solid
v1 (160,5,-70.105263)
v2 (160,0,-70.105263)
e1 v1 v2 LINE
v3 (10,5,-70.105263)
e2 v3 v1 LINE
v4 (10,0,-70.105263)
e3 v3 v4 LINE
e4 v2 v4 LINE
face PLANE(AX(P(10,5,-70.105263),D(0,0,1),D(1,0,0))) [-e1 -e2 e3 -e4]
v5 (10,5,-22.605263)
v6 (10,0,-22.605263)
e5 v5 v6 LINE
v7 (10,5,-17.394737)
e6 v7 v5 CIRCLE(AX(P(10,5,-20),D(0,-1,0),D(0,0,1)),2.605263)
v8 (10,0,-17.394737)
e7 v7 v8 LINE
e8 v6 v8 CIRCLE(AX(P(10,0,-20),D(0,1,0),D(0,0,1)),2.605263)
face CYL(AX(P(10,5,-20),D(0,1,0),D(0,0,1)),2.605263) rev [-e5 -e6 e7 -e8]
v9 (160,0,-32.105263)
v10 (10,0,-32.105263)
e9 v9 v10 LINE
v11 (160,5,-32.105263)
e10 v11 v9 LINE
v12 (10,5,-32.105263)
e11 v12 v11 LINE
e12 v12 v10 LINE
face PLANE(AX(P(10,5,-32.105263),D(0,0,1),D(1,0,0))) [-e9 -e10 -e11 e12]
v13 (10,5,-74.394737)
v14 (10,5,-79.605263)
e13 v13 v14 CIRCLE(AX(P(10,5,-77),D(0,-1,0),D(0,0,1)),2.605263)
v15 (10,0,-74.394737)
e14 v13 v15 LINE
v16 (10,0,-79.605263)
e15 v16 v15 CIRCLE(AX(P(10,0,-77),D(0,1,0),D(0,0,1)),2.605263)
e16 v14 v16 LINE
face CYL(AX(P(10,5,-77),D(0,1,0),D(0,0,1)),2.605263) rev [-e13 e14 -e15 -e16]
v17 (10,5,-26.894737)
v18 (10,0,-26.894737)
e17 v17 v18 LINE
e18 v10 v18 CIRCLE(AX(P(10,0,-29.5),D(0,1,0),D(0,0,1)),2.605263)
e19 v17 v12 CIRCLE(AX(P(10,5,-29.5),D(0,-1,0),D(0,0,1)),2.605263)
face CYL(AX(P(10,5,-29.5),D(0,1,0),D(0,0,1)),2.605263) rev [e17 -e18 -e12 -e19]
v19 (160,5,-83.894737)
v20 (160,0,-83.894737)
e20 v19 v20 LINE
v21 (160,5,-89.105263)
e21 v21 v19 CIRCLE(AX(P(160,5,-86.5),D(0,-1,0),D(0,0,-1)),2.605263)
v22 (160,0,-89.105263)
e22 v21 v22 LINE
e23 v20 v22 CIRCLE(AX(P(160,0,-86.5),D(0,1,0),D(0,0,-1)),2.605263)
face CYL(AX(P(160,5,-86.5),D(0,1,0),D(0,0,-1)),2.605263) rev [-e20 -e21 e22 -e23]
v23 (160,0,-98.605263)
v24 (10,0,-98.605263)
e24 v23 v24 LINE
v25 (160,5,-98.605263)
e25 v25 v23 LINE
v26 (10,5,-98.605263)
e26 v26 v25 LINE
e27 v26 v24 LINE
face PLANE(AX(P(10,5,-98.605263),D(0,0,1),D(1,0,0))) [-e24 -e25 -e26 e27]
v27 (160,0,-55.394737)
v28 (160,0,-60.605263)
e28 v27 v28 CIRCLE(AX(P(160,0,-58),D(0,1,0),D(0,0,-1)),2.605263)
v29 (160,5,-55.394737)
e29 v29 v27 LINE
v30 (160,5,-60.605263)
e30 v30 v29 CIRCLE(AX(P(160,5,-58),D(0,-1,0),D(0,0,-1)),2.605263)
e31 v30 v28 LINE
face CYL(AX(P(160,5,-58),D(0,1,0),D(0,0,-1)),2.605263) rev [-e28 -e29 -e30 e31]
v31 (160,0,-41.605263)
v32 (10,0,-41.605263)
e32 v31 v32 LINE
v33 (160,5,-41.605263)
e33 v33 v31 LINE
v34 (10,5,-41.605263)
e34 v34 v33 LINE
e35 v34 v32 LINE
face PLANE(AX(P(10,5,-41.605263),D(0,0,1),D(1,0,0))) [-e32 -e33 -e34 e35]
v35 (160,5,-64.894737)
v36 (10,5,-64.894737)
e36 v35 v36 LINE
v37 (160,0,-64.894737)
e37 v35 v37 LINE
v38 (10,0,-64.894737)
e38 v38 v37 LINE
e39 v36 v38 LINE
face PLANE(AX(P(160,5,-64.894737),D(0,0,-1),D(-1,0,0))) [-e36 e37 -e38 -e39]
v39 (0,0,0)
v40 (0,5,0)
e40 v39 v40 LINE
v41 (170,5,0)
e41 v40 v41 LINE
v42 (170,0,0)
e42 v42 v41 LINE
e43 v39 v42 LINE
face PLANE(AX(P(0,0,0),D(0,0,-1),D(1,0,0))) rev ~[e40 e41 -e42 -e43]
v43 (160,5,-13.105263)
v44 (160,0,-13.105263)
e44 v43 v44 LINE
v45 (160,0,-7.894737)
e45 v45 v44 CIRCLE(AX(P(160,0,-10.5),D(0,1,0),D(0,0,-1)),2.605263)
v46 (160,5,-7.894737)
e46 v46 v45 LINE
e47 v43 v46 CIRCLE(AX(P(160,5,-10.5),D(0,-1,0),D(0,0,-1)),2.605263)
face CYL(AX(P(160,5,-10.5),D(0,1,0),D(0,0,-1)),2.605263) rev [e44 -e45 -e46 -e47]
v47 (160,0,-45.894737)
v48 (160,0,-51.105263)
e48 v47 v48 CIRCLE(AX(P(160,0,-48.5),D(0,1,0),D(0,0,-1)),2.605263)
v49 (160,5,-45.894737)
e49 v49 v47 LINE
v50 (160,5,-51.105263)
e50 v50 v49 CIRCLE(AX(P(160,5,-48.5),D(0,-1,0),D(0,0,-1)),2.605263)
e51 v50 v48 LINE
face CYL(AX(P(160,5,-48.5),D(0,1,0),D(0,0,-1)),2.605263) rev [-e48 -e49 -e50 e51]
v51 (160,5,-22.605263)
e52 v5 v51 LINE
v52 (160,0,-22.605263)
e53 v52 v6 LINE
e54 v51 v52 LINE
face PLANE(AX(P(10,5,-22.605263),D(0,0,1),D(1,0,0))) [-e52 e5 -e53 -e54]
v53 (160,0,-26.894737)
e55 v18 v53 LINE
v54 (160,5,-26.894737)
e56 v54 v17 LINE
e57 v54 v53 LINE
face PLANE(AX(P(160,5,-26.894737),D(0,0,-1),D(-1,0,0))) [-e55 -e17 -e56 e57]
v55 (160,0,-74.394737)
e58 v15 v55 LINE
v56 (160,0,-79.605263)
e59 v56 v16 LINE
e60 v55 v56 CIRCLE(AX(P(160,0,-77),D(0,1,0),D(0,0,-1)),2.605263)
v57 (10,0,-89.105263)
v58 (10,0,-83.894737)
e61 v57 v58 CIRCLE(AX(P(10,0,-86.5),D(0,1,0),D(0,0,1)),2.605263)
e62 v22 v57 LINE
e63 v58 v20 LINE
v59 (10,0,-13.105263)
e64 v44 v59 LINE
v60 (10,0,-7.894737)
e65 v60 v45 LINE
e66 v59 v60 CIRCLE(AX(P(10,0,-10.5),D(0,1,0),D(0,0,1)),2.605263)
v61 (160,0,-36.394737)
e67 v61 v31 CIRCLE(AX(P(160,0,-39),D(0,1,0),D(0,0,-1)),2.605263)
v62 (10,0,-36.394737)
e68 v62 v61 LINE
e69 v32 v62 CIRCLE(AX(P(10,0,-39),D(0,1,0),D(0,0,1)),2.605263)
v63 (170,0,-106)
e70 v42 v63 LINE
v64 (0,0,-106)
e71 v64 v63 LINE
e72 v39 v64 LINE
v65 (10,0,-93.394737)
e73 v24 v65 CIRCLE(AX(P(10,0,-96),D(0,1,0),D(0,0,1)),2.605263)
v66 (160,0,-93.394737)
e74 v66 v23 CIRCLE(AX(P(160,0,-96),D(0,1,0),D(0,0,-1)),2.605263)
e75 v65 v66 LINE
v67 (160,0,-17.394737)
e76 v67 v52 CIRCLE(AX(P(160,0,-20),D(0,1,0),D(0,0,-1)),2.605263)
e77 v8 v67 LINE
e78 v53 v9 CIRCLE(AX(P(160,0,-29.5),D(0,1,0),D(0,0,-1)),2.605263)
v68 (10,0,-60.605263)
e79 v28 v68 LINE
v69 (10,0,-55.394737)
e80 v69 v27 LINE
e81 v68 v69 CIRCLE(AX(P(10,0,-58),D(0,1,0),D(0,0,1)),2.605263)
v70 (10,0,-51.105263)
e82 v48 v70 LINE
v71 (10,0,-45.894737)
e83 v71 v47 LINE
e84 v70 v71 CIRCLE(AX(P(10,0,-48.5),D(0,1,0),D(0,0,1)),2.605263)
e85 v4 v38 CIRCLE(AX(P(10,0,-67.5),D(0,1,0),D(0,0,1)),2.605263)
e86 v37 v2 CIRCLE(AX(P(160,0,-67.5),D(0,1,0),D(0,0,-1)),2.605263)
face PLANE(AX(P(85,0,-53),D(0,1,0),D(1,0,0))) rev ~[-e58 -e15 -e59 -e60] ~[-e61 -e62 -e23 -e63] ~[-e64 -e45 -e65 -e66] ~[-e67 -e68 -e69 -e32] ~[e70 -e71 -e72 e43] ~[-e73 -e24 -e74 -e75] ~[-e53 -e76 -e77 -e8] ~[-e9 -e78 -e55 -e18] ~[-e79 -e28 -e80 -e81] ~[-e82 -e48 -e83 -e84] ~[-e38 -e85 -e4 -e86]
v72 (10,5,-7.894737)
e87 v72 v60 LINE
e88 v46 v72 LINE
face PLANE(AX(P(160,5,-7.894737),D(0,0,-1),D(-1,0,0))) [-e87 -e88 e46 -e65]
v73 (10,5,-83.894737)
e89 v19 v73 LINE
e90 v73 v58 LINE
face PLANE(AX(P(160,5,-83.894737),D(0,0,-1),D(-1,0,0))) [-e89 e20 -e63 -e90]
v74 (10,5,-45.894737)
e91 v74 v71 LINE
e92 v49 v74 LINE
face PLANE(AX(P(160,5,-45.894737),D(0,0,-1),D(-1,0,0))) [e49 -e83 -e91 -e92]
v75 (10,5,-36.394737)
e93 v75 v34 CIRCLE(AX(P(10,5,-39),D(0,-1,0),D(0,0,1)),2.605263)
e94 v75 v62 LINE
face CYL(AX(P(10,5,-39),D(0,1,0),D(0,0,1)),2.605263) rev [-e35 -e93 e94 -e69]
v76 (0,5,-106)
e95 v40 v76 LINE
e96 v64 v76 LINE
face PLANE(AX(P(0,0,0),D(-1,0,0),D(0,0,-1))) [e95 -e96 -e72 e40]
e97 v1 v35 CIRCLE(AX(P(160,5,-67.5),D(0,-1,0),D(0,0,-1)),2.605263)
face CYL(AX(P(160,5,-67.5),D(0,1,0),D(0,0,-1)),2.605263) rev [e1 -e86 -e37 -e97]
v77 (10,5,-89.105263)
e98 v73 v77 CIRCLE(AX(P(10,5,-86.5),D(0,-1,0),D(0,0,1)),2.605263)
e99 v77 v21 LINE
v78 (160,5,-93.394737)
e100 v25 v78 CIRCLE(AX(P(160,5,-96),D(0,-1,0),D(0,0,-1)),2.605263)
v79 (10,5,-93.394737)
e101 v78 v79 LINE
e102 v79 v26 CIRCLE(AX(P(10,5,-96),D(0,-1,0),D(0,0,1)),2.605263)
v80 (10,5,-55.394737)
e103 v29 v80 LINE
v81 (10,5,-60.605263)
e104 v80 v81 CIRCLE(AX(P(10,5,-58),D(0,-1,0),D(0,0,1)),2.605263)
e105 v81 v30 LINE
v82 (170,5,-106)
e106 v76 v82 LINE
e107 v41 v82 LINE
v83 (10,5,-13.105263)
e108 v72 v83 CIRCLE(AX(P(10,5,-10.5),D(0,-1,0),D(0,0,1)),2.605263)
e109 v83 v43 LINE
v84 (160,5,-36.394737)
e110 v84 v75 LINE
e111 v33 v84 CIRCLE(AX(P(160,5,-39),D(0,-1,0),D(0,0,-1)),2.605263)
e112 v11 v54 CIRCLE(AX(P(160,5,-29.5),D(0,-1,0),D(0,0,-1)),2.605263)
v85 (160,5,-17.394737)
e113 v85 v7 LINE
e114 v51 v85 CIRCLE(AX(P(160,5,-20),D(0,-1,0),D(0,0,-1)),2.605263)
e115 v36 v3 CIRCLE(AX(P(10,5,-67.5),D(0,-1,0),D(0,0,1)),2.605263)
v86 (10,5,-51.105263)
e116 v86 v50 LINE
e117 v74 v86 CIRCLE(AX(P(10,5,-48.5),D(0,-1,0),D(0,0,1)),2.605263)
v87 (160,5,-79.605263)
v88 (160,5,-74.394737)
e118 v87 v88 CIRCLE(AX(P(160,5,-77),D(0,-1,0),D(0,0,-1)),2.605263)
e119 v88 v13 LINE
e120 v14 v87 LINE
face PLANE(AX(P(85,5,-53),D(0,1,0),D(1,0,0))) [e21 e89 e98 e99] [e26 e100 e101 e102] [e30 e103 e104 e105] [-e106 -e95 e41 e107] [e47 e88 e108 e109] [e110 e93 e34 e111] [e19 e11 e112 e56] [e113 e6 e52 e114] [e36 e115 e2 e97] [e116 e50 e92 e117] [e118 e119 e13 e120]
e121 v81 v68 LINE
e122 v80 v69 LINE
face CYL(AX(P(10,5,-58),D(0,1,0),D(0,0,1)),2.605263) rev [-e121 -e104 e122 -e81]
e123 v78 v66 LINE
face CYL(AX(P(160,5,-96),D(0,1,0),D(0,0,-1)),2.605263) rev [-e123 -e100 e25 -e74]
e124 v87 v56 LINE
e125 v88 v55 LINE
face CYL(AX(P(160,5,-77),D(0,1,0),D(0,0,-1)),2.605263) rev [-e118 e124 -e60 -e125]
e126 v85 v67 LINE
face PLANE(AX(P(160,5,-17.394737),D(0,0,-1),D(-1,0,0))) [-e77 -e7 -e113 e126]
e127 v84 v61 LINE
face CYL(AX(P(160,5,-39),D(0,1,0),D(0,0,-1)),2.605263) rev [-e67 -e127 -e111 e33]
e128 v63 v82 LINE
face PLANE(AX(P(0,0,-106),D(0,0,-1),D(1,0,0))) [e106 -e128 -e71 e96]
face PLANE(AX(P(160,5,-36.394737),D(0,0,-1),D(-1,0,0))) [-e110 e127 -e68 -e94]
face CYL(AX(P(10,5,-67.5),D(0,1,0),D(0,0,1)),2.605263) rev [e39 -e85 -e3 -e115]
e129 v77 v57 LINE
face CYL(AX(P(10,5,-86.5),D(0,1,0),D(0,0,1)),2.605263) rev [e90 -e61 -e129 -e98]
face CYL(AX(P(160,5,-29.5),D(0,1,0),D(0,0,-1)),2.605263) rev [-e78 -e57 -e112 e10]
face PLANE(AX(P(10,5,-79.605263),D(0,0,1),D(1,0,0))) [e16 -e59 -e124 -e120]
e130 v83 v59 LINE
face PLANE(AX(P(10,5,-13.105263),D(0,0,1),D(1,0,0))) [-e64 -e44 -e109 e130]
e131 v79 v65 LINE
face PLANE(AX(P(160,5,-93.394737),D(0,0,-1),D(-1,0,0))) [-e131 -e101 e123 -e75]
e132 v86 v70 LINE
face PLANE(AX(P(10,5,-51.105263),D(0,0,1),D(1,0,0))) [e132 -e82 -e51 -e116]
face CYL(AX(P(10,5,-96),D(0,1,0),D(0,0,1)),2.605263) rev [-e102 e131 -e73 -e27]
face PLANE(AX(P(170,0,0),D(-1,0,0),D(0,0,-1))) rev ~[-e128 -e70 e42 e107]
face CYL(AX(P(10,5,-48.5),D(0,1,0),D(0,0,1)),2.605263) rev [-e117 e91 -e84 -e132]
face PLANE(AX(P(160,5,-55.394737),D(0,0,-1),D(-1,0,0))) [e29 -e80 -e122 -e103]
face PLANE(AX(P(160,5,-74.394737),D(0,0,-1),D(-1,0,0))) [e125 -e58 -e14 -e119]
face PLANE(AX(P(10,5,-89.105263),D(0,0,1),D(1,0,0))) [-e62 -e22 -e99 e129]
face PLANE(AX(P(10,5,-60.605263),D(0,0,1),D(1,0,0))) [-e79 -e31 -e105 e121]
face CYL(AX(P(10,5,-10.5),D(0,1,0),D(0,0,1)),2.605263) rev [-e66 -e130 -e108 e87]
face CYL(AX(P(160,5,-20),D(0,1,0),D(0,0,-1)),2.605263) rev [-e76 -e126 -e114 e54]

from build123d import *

# Parameters (mm, degrees)
SKETCH1_W           = 170
SKETCH1_H           = 106
BOSS_EXTRUDE1_DEPTH = 5
CUT_EXTRUDE2_REACH  = 202.402


with BuildPart() as part:
    # Sketch1 → Boss-Extrude1 (new body)
    with BuildSketch(Plane(origin=(0, 0, 0), x_dir=(1, 0, 0), z_dir=(0, 1, 0))):
        with Locations((85, 53)):
            Rectangle(SKETCH1_W, SKETCH1_H)
    extrude(amount=BOSS_EXTRUDE1_DEPTH)

    # Sketch2 → Cut-Extrude2 (cut, up to next)
    with BuildSketch(Plane(origin=(0, 5, 0), x_dir=(1, 0, 0), z_dir=(0, 1, 0)), mode=Mode.PRIVATE) as cut_extrude2_sk1:
        with BuildLine():
            Line((10, 98.605263158), (160, 98.605263158))
            ThreePointArc((160, 98.605263158), (162.605263158, 96), (160, 93.394736842))
            Line((160, 93.394736842), (10, 93.394736842))
            ThreePointArc((10, 93.394736842), (7.394736842, 96), (10, 98.605263158))
        make_face()
    cut_extrude2_tool1 = extrude(cut_extrude2_sk1.sketch, amount=-CUT_EXTRUDE2_REACH, mode=Mode.PRIVATE) & part.part
    # Sketch2 → Cut-Extrude2 (cut, up to next)
    with BuildSketch(Plane(origin=(0, 5, 0), x_dir=(1, 0, 0), z_dir=(0, 1, 0)), mode=Mode.PRIVATE) as cut_extrude2_sk2:
        with BuildLine():
            Line((10, 89.105263158), (160, 89.105263158))
            ThreePointArc((160, 89.105263158), (162.605263158, 86.5), (160, 83.894736842))
            Line((160, 83.894736842), (10, 83.894736842))
            ThreePointArc((10, 83.894736842), (7.394736842, 86.5), (10, 89.105263158))
        make_face()
    cut_extrude2_tool2 = extrude(cut_extrude2_sk2.sketch, amount=-CUT_EXTRUDE2_REACH, mode=Mode.PRIVATE) & part.part
    # Sketch2 → Cut-Extrude2 (cut, up to next)
    with BuildSketch(Plane(origin=(0, 5, 0), x_dir=(1, 0, 0), z_dir=(0, 1, 0)), mode=Mode.PRIVATE) as cut_extrude2_sk3:
        with BuildLine():
            Line((10, 79.605263158), (160, 79.605263158))
            ThreePointArc((160, 79.605263158), (162.605263158, 77), (160, 74.394736842))
            Line((160, 74.394736842), (10, 74.394736842))
            ThreePointArc((10, 74.394736842), (7.394736842, 77), (10, 79.605263158))
        make_face()
    cut_extrude2_tool3 = extrude(cut_extrude2_sk3.sketch, amount=-CUT_EXTRUDE2_REACH, mode=Mode.PRIVATE) & part.part
    # Sketch2 → Cut-Extrude2 (cut, up to next)
    with BuildSketch(Plane(origin=(0, 5, 0), x_dir=(1, 0, 0), z_dir=(0, 1, 0)), mode=Mode.PRIVATE) as cut_extrude2_sk4:
        with BuildLine():
            Line((10, 70.105263158), (160, 70.105263158))
            ThreePointArc((160, 70.105263158), (162.605263158, 67.5), (160, 64.894736842))
            Line((160, 64.894736842), (10, 64.894736842))
            ThreePointArc((10, 64.894736842), (7.394736842, 67.5), (10, 70.105263158))
        make_face()
    cut_extrude2_tool4 = extrude(cut_extrude2_sk4.sketch, amount=-CUT_EXTRUDE2_REACH, mode=Mode.PRIVATE) & part.part
    # Sketch2 → Cut-Extrude2 (cut, up to next)
    with BuildSketch(Plane(origin=(0, 5, 0), x_dir=(1, 0, 0), z_dir=(0, 1, 0)), mode=Mode.PRIVATE) as cut_extrude2_sk5:
        with BuildLine():
            Line((10, 60.605263158), (160, 60.605263158))
            ThreePointArc((160, 60.605263158), (162.605263158, 58), (160, 55.394736842))
            Line((160, 55.394736842), (10, 55.394736842))
            ThreePointArc((10, 55.394736842), (7.394736842, 58), (10, 60.605263158))
        make_face()
    cut_extrude2_tool5 = extrude(cut_extrude2_sk5.sketch, amount=-CUT_EXTRUDE2_REACH, mode=Mode.PRIVATE) & part.part
    # Sketch2 → Cut-Extrude2 (cut, up to next)
    with BuildSketch(Plane(origin=(0, 5, 0), x_dir=(1, 0, 0), z_dir=(0, 1, 0)), mode=Mode.PRIVATE) as cut_extrude2_sk6:
        with BuildLine():
            Line((10, 51.105263158), (160, 51.105263158))
            ThreePointArc((160, 51.105263158), (162.605263158, 48.5), (160, 45.894736842))
            Line((160, 45.894736842), (10, 45.894736842))
            ThreePointArc((10, 45.894736842), (7.394736842, 48.5), (10, 51.105263158))
        make_face()
    cut_extrude2_tool6 = extrude(cut_extrude2_sk6.sketch, amount=-CUT_EXTRUDE2_REACH, mode=Mode.PRIVATE) & part.part
    # Sketch2 → Cut-Extrude2 (cut, up to next)
    with BuildSketch(Plane(origin=(0, 5, 0), x_dir=(1, 0, 0), z_dir=(0, 1, 0)), mode=Mode.PRIVATE) as cut_extrude2_sk7:
        with BuildLine():
            Line((10, 41.605263158), (160, 41.605263158))
            ThreePointArc((160, 41.605263158), (162.605263158, 39), (160, 36.394736842))
            Line((160, 36.394736842), (10, 36.394736842))
            ThreePointArc((10, 36.394736842), (7.394736842, 39), (10, 41.605263158))
        make_face()
    cut_extrude2_tool7 = extrude(cut_extrude2_sk7.sketch, amount=-CUT_EXTRUDE2_REACH, mode=Mode.PRIVATE) & part.part
    # Sketch2 → Cut-Extrude2 (cut, up to next)
    with BuildSketch(Plane(origin=(0, 5, 0), x_dir=(1, 0, 0), z_dir=(0, 1, 0)), mode=Mode.PRIVATE) as cut_extrude2_sk8:
        with BuildLine():
            Line((10, 32.105263158), (160, 32.105263158))
            ThreePointArc((160, 32.105263158), (162.605263158, 29.5), (160, 26.894736842))
            Line((160, 26.894736842), (10, 26.894736842))
            ThreePointArc((10, 26.894736842), (7.394736842, 29.5), (10, 32.105263158))
        make_face()
    cut_extrude2_tool8 = extrude(cut_extrude2_sk8.sketch, amount=-CUT_EXTRUDE2_REACH, mode=Mode.PRIVATE) & part.part
    # Sketch2 → Cut-Extrude2 (cut, up to next)
    with BuildSketch(Plane(origin=(0, 5, 0), x_dir=(1, 0, 0), z_dir=(0, 1, 0)), mode=Mode.PRIVATE) as cut_extrude2_sk9:
        with BuildLine():
            Line((10, 22.605263158), (160, 22.605263158))
            ThreePointArc((160, 22.605263158), (162.605263158, 20), (160, 17.394736842))
            Line((160, 17.394736842), (10, 17.394736842))
            ThreePointArc((10, 17.394736842), (7.394736842, 20), (10, 22.605263158))
        make_face()
    cut_extrude2_tool9 = extrude(cut_extrude2_sk9.sketch, amount=-CUT_EXTRUDE2_REACH, mode=Mode.PRIVATE) & part.part
    # Sketch2 → Cut-Extrude2 (cut, up to next)
    with BuildSketch(Plane(origin=(0, 5, 0), x_dir=(1, 0, 0), z_dir=(0, 1, 0)), mode=Mode.PRIVATE) as cut_extrude2_sk10:
        with BuildLine():
            Line((10, 13.105263158), (160, 13.105263158))
            ThreePointArc((160, 13.105263158), (162.605263158, 10.5), (160, 7.894736842))
            Line((160, 7.894736842), (10, 7.894736842))
            ThreePointArc((10, 7.894736842), (7.394736842, 10.5), (10, 13.105263158))
        make_face()
    cut_extrude2_tool10 = extrude(cut_extrude2_sk10.sketch, amount=-CUT_EXTRUDE2_REACH, mode=Mode.PRIVATE) & part.part
    add(cut_extrude2_tool1.solids().sort_by_distance((85, 5, -96))[0], mode=Mode.SUBTRACT)
    add(cut_extrude2_tool2.solids().sort_by_distance((85, 5, -86.5))[0], mode=Mode.SUBTRACT)
    add(cut_extrude2_tool3.solids().sort_by_distance((85, 5, -77))[0], mode=Mode.SUBTRACT)
    add(cut_extrude2_tool4.solids().sort_by_distance((85, 5, -67.5))[0], mode=Mode.SUBTRACT)
    add(cut_extrude2_tool5.solids().sort_by_distance((85, 5, -58))[0], mode=Mode.SUBTRACT)
    add(cut_extrude2_tool6.solids().sort_by_distance((85, 5, -48.5))[0], mode=Mode.SUBTRACT)
    add(cut_extrude2_tool7.solids().sort_by_distance((85, 5, -39))[0], mode=Mode.SUBTRACT)
    add(cut_extrude2_tool8.solids().sort_by_distance((85, 5, -29.5))[0], mode=Mode.SUBTRACT)
    add(cut_extrude2_tool9.solids().sort_by_distance((85, 5, -20))[0], mode=Mode.SUBTRACT)
    add(cut_extrude2_tool10.solids().sort_by_distance((85, 5, -10.5))[0], mode=Mode.SUBTRACT)


solid = part.part
